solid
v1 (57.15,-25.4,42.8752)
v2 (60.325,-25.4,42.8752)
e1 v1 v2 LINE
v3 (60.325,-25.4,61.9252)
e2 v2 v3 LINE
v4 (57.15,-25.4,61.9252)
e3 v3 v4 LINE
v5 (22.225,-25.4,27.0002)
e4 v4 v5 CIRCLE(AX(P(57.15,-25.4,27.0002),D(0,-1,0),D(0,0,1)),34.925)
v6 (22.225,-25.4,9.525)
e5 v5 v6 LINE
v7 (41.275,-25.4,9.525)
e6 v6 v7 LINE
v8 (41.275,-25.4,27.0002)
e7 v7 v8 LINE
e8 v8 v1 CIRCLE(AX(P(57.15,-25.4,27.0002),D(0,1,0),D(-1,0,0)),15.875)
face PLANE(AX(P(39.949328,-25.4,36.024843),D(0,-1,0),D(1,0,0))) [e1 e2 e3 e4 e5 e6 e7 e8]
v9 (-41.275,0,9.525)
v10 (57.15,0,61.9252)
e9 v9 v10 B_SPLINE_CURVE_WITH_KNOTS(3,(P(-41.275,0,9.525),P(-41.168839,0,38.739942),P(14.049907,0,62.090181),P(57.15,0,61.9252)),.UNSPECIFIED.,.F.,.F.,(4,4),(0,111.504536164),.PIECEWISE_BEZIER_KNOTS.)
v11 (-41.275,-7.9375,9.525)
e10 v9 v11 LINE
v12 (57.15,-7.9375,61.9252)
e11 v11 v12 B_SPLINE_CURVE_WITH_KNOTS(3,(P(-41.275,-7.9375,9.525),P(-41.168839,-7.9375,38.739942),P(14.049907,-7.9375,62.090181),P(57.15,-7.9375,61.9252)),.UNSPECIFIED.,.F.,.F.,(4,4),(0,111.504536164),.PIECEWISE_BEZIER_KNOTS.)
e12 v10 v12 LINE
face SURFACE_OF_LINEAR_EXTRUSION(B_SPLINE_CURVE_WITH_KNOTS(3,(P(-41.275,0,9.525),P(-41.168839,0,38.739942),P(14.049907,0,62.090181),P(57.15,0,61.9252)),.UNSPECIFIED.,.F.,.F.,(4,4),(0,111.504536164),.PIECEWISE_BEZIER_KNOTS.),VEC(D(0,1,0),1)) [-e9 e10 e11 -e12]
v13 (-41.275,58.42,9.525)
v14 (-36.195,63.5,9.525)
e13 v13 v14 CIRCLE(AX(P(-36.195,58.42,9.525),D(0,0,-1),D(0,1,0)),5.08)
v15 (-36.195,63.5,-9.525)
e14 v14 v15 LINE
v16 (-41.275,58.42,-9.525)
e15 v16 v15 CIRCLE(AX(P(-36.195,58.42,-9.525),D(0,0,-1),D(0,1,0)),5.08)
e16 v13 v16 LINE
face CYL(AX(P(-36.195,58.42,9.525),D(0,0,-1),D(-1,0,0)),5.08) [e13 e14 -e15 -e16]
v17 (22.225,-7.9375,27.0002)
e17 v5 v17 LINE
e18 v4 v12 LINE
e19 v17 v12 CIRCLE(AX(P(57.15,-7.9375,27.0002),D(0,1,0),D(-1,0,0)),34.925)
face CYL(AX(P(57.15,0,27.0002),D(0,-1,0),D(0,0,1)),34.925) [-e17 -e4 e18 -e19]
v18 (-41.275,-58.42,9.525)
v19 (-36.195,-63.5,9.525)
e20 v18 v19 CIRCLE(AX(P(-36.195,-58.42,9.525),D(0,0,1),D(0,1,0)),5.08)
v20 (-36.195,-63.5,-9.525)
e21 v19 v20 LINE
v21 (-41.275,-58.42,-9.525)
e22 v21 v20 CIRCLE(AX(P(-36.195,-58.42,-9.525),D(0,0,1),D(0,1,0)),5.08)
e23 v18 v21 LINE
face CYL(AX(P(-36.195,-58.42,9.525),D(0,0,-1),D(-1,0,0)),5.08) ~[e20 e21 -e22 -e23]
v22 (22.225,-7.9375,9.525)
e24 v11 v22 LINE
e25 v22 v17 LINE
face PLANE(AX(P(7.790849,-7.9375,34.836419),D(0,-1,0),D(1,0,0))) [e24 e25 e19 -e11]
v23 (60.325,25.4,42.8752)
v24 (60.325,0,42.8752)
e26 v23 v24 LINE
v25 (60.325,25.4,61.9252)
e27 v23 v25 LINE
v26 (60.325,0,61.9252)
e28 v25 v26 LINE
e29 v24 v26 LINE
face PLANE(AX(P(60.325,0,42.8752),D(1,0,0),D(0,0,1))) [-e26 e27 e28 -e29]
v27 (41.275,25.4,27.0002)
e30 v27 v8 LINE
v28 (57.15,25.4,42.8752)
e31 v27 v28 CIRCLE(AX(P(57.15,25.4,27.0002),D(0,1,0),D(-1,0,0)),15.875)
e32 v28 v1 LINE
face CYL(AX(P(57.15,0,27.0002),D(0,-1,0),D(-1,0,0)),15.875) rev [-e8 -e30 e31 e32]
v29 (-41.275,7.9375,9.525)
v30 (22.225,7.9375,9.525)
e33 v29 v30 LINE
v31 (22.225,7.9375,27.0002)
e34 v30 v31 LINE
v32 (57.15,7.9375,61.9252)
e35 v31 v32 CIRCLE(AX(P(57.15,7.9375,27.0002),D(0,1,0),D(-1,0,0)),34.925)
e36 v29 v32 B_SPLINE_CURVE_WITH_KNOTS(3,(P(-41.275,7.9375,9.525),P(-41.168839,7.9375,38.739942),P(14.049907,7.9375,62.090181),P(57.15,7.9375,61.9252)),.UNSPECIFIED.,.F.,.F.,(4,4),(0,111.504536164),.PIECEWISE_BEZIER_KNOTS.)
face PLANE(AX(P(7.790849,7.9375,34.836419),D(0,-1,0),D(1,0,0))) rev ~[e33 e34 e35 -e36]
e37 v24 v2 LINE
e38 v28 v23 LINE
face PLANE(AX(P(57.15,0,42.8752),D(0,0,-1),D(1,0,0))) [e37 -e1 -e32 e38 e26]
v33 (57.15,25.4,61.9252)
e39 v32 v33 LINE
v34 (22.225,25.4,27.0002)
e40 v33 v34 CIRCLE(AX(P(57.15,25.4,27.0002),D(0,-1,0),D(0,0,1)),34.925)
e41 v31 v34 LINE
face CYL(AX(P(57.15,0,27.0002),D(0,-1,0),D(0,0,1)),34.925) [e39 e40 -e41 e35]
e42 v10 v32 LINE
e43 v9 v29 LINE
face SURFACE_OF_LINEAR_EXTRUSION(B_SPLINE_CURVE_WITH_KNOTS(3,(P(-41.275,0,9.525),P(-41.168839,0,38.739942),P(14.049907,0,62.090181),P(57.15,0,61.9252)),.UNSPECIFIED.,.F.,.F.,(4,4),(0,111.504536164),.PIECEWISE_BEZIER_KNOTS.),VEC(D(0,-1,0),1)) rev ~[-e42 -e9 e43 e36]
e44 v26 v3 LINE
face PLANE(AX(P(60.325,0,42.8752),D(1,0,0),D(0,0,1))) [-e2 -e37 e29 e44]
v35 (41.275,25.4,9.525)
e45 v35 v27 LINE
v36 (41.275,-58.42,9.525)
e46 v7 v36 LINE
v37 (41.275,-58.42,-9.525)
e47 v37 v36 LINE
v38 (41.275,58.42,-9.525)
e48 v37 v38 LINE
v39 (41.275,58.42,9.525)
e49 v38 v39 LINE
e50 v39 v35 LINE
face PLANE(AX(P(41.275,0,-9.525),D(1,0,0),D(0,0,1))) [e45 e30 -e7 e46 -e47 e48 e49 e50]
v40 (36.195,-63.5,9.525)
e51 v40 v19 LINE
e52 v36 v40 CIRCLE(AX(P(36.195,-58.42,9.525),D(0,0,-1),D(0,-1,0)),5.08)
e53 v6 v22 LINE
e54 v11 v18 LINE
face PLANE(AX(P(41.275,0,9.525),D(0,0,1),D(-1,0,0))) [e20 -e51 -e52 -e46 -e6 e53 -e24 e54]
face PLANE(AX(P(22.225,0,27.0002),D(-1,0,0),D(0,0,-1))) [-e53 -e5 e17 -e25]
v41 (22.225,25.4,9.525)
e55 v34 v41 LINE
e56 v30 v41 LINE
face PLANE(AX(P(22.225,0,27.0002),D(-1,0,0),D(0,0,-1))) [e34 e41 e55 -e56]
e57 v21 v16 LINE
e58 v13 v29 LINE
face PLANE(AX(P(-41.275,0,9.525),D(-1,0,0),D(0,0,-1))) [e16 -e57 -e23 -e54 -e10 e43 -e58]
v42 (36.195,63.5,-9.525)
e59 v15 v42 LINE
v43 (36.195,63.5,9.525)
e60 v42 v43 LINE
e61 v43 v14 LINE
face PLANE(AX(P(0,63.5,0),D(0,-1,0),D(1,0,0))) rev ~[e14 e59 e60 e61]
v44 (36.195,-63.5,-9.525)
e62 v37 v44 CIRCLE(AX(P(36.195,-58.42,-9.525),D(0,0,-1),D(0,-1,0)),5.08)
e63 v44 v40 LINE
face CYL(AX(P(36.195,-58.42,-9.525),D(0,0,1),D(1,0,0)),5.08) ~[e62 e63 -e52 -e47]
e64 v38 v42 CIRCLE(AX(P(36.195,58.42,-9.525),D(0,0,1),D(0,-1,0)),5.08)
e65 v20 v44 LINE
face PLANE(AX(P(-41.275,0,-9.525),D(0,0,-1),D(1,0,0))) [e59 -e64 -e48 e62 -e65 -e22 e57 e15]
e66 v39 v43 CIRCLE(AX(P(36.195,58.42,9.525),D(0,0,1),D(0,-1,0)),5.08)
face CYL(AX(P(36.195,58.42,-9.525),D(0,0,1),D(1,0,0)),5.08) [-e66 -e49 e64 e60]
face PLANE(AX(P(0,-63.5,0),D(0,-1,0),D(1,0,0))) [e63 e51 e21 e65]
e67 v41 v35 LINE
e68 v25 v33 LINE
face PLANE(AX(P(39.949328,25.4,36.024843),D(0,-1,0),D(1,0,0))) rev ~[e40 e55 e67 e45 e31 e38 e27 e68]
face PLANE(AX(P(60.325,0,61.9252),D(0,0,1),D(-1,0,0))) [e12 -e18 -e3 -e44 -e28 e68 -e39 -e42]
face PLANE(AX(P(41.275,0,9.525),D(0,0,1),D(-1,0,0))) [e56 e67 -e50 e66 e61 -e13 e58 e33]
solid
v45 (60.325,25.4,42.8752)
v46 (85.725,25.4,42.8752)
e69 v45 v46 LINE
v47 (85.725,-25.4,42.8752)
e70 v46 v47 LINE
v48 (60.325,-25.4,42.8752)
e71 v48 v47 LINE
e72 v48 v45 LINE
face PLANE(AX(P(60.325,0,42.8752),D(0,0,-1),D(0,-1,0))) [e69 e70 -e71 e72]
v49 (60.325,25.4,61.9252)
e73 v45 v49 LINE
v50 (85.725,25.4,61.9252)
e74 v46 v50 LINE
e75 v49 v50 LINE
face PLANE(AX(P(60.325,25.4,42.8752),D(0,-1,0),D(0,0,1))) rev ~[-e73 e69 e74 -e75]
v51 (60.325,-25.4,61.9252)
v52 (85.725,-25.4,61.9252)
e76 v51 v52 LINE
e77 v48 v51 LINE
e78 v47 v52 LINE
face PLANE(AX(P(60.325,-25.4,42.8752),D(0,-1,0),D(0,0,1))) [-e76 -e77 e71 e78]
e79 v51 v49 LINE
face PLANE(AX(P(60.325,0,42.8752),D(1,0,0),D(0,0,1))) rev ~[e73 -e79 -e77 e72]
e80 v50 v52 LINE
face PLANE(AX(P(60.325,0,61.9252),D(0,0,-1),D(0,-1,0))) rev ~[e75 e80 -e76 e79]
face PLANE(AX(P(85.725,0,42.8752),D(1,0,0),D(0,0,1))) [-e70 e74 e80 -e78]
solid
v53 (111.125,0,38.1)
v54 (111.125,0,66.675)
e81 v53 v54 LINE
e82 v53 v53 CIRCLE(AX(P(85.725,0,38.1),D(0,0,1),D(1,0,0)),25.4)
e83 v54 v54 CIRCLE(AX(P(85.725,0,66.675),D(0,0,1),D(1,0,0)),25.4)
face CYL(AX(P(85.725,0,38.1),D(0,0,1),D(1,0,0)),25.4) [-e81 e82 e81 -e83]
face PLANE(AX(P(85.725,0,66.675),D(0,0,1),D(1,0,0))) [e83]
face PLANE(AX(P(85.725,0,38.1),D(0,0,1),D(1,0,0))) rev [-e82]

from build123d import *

# Parameters (mm, degrees)
F1_DEPTH = 63.5
F2_DEPTH = 25.4
F3_DEPTH = 7.9375
F5_DEPTH = 25.4
F6_R     = 5.08


with BuildPart() as f1:
    # F0 (on Front) → F1 (new body, symmetric)
    with BuildSketch(Plane.XZ):
        Polygon((41.275, -9.525), (41.275, 9.525), (22.225, 9.525), (-41.275, 9.525), (-41.275, -9.525), align=None)
    extrude(amount=F1_DEPTH, both=True)

    # F0 (on Front) → F2 (join, symmetric)
    with BuildSketch(Plane.XZ):
        with BuildLine():
            Line((22.225, 9.525), (41.275, 9.525))
            Line((41.275, 9.525), (41.275, 27.0002))
            ThreePointArc((41.275, 27.0002), (45.9246798487, 38.2255201513), (57.15, 42.8752))
            Line((57.15, 42.8752), (60.325, 42.8752))
            Line((60.325, 42.8752), (60.325, 61.9252))
            Line((60.325, 61.9252), (57.15, 61.9252))
            ThreePointArc((57.15, 61.9252), (32.4542956671, 51.6959043329), (22.225, 27.0002))
            Line((22.225, 27.0002), (22.225, 9.525))
        make_face()
    extrude(amount=F2_DEPTH, both=True)

    # F0 (on Front) → F3 (join, symmetric)
    with BuildSketch(Plane.XZ):
        with BuildLine():
            Line((-41.275, 9.525), (22.225, 9.525))
            Line((22.225, 9.525), (22.225, 27.0002))
            ThreePointArc((22.225, 27.0002), (32.4542956671, 51.6959043329), (57.15, 61.9252))
            add(Edge.make_bspline(
                [(-41.275, 9.525), (-41.1688387394, 38.7399420142), (14.0499072149, 62.0901808143), (57.15, 61.9252)],
                knots=[0, 0, 0, 0, 111.5045361635, 111.5045361635, 111.5045361635, 111.5045361635], degree=3))
        make_face()
    extrude(amount=F3_DEPTH, both=True)

    # F0 (on Front) → F4 (revolve)
    with BuildSketch(Plane.XZ):
        Polygon((85.725, 61.9252), (85.725, 42.8752), (85.725, 38.1), (111.125, 38.1), (111.125, 66.675), (85.725, 66.675), align=None)
    revolve(axis=Axis((85.725, 0, 52.3875), (0, 0, 1)))


with BuildPart() as f5:
    # F5 (new): faces of the model
    f5_faces = [f1.part.faces().sort_by_distance(p)[0] for p in [
        (60.325, 12.7, 52.4002),
        (60.325, -12.7, 52.4002),
    ]]
    extrude(f5_faces, amount=F5_DEPTH)


with BuildPart() as f1_1:
    add(f1.part)

    # F6
    f6_edges = [f1_1.edges().sort_by_distance(p)[0] for p in [
        (-41.275, -63.5, 0),
        (41.275, -63.5, 0),
        (41.275, 63.5, 0),
        (-41.275, 63.5, 0),
    ]]
    fillet(f6_edges, radius=F6_R)


solid = Compound([f5.part, f1_1.part])
